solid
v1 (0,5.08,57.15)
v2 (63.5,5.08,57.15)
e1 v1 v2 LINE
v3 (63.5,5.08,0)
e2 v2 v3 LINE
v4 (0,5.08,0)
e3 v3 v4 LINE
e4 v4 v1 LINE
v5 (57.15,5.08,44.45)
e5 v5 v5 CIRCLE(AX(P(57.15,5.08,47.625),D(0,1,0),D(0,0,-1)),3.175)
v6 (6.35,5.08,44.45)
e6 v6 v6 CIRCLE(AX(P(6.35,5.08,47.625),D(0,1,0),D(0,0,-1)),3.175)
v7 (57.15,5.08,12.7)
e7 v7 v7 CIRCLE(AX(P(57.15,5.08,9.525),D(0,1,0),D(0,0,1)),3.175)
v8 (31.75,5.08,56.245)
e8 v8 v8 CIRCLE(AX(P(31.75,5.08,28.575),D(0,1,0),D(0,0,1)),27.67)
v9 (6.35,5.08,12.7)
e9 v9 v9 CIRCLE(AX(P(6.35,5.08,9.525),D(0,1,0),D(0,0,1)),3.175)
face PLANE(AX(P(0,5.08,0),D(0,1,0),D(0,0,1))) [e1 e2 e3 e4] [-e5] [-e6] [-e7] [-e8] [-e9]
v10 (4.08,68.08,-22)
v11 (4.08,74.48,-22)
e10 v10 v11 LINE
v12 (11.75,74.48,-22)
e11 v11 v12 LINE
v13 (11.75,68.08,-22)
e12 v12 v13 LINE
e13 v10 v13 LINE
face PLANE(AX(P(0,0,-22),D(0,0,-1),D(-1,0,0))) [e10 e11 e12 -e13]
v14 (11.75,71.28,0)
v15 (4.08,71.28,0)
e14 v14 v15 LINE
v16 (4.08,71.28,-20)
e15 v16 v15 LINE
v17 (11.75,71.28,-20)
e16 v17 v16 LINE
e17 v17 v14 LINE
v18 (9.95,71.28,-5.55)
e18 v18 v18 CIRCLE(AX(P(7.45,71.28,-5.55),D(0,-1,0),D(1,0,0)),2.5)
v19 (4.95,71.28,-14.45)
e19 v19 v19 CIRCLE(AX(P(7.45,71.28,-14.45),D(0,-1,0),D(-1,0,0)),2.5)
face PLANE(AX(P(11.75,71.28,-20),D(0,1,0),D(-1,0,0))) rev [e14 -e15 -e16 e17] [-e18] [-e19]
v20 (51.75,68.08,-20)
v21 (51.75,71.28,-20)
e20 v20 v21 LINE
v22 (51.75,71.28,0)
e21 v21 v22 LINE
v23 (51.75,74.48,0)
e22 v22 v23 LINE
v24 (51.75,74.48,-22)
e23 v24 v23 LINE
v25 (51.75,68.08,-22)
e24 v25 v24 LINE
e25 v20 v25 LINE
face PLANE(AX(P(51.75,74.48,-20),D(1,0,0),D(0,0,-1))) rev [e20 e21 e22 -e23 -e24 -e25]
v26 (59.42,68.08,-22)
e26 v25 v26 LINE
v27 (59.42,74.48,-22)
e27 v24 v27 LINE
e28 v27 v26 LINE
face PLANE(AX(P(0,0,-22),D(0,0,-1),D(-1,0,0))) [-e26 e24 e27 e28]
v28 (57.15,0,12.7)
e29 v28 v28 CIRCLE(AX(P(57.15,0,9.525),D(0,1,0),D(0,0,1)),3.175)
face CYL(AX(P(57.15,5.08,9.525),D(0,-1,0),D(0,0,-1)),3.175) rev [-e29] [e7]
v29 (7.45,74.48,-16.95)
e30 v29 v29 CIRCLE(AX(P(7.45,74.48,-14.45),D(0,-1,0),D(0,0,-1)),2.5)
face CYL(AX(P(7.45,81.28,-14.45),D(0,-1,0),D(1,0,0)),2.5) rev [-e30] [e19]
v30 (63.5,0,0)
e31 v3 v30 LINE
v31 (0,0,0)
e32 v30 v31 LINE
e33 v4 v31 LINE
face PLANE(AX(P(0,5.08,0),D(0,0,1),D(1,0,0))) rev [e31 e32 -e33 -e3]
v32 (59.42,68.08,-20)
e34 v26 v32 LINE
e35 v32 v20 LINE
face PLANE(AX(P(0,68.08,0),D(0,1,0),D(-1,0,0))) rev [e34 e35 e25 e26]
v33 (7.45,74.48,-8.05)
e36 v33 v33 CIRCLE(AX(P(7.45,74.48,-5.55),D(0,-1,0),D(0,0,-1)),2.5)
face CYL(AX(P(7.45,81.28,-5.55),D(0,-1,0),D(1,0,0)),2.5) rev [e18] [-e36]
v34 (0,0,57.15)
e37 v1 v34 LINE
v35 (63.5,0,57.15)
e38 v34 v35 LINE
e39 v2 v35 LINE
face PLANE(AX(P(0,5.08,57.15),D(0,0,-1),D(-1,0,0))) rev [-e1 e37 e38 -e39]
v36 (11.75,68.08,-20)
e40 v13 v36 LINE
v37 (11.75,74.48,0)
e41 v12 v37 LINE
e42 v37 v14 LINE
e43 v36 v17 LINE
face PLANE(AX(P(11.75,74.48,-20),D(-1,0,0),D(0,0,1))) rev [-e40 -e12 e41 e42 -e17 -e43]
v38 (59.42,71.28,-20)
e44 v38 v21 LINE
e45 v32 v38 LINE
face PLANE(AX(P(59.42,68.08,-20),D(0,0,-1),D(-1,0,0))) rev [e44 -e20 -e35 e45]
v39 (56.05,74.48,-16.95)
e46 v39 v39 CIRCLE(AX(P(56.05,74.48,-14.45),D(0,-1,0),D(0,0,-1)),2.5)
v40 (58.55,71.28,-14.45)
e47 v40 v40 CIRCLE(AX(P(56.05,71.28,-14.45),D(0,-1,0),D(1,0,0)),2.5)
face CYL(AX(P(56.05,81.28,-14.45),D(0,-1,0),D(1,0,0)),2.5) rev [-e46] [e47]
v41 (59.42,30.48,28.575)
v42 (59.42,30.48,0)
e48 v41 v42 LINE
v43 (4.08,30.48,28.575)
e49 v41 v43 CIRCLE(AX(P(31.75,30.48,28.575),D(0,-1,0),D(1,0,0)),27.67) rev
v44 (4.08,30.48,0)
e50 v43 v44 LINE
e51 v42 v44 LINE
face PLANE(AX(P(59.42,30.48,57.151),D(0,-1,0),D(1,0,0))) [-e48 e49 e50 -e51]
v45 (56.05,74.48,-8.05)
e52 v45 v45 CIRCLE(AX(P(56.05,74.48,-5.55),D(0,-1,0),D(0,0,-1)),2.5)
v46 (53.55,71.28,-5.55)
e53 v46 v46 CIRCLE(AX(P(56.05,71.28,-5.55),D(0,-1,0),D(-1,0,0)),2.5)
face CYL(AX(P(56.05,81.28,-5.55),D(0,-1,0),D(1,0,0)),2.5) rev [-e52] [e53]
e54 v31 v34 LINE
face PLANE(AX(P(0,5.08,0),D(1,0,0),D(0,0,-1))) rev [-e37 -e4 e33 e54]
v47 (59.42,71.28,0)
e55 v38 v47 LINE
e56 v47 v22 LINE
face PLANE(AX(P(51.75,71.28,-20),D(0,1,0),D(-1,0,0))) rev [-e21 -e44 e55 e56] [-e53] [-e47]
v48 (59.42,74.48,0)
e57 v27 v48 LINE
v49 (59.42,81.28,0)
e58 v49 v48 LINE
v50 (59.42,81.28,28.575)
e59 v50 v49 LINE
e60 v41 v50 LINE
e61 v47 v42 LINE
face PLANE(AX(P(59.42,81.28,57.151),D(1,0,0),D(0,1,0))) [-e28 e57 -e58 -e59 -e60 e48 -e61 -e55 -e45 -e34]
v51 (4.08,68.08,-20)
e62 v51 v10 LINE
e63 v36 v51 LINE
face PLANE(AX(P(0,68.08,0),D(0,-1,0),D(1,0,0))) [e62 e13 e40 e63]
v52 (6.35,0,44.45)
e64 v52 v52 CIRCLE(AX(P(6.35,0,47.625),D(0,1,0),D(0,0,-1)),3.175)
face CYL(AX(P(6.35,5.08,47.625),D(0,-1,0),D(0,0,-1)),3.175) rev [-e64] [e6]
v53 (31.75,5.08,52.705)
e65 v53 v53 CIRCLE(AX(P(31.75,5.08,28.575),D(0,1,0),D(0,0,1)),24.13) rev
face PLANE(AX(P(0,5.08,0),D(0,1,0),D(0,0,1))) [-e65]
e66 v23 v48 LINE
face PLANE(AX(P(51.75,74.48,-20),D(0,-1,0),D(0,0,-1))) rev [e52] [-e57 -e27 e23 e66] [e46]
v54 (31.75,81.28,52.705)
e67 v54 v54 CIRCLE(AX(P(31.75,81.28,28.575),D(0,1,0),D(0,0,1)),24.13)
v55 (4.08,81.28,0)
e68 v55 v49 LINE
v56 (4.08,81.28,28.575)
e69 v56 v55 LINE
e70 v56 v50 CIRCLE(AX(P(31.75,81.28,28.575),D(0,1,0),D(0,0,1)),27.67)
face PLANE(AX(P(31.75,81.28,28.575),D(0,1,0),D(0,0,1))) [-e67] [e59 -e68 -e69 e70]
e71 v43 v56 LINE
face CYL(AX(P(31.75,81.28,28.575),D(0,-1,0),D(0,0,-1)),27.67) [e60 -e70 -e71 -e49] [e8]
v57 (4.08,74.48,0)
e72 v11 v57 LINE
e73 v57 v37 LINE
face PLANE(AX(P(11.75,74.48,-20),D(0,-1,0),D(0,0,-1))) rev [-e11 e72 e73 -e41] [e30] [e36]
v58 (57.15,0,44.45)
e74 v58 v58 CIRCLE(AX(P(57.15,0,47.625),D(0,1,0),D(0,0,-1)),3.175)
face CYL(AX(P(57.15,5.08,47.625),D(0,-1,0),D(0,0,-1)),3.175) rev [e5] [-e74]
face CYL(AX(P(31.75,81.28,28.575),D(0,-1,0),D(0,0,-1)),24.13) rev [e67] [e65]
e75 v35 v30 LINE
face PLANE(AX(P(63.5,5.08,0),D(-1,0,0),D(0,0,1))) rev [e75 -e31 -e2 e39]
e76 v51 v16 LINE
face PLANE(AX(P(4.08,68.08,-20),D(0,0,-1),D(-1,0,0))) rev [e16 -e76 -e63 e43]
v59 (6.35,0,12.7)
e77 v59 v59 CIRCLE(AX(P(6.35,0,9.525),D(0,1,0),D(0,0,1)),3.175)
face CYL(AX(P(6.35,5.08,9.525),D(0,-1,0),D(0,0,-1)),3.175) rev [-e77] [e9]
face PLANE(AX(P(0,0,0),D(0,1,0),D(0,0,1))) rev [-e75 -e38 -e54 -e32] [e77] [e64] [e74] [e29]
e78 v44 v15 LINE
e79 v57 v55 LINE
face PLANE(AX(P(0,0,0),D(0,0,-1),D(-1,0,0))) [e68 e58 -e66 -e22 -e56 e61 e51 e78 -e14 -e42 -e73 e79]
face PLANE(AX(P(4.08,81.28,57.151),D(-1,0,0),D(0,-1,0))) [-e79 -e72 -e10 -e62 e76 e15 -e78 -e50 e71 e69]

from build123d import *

# Parameters (mm, degrees)
SKETCH1_W           = 63.5
SKETCH1_H           = 57.15
SKETCH1_R           = 3.175
BOSS_EXTRUDE1_DEPTH = 5.08
SKETCH2_R           = 27.67
SKETCH2_R_2         = 24.13
BOSS_EXTRUDE2_DEPTH = 76.2
BOSS_EXTRUDE3_REACH = 59.15
SKETCH4_W           = 55.34
SKETCH4_H           = 50.8
SKETCH5_W           = 7.67
SKETCH5_H           = 3.2
BOSS_EXTRUDE4_DEPTH = 20
SKETCH6_R           = 2.5
CUT_EXTRUDE1_DEPTH  = 11
SKETCH7_W           = 7.67
SKETCH7_H           = 3.2
BOSS_EXTRUDE5_DEPTH = 2
SKETCH8_W           = 7.67
SKETCH8_H           = 2
BOSS_EXTRUDE6_DEPTH = 3.2


with BuildPart() as part:
    # Sketch1 → Boss-Extrude1 (new body)
    with BuildSketch(Plane(origin=(0, 0, 0), x_dir=(1, 0, 0), z_dir=(0, 1, 0))):
        with Locations((31.75, -28.575)):
            Rectangle(SKETCH1_W, SKETCH1_H)
        with Locations((6.35, -9.525)):
            Circle(SKETCH1_R, mode=Mode.SUBTRACT)
        with Locations((57.15, -9.525)):
            Circle(SKETCH1_R, mode=Mode.SUBTRACT)
        with Locations((57.15, -47.625)):
            Circle(SKETCH1_R, mode=Mode.SUBTRACT)
        with Locations((6.35, -47.625)):
            Circle(SKETCH1_R, mode=Mode.SUBTRACT)
    extrude(amount=BOSS_EXTRUDE1_DEPTH)

    # Sketch2 → Boss-Extrude2 (add)
    with BuildSketch(Plane(origin=(0, 5.08, 0), x_dir=(1, 0, 0), z_dir=(0, 1, 0))):
        with Locations((31.75, -28.575)):
            Circle(SKETCH2_R)
        with Locations((31.75, -28.575)):
            Circle(SKETCH2_R_2, mode=Mode.SUBTRACT)
    extrude(amount=BOSS_EXTRUDE2_DEPTH)

    # Sketch4 → Boss-Extrude3 (add, up to next)
    with BuildSketch(Plane(origin=(0, 0, 0), x_dir=(-1, 0, 0), z_dir=(0, 0, -1)), mode=Mode.PRIVATE) as boss_extrude3_sk1:
        with Locations((-31.75, 55.88)):
            Rectangle(SKETCH4_W, SKETCH4_H)
    boss_extrude3_tool1 = extrude(boss_extrude3_sk1.sketch, amount=-BOSS_EXTRUDE3_REACH, mode=Mode.PRIVATE) - part.part
    add(boss_extrude3_tool1.solids().sort_by_distance((31.75, 55.88, 0))[0])

    # Sketch5 → Boss-Extrude4 (add)
    with BuildSketch(Plane(origin=(0, 0, 0), x_dir=(-1, 0, 0), z_dir=(0, 0, -1))):
        with Locations((-7.915, 72.88)):
            Rectangle(SKETCH5_W, SKETCH5_H)
        with Locations((-55.585, 72.88)):
            Rectangle(SKETCH5_W, SKETCH5_H)
    extrude(amount=BOSS_EXTRUDE4_DEPTH)

    # Sketch6 → Cut-Extrude1 (cut, through all)
    with BuildSketch(Plane.XZ.offset(-71.28)):
        with Locations((7.45, -5.55)):
            Circle(SKETCH6_R)
        with Locations((56.05, -5.55)):
            Circle(SKETCH6_R)
        with Locations((56.05, -14.45)):
            Circle(SKETCH6_R)
        with Locations((7.45, -14.45)):
            Circle(SKETCH6_R)
    extrude(amount=-CUT_EXTRUDE1_DEPTH, mode=Mode.SUBTRACT)

    # Sketch7 → Boss-Extrude5 (add)
    with BuildSketch(Plane(origin=(0, 0, -20), x_dir=(-1, 0, 0), z_dir=(0, 0, -1))):
        with Locations((-55.585, 72.88)):
            Rectangle(SKETCH7_W, SKETCH7_H)
        with Locations((-7.915, 72.88)):
            Rectangle(SKETCH7_W, SKETCH7_H)
    extrude(amount=BOSS_EXTRUDE5_DEPTH)

    # Sketch8 → Boss-Extrude6 (add)
    with BuildSketch(Plane.XZ.offset(-71.28)):
        with Locations((7.915, -21)):
            Rectangle(SKETCH8_W, SKETCH8_H)
        with Locations((55.585, -21)):
            Rectangle(SKETCH8_W, SKETCH8_H)
    extrude(amount=BOSS_EXTRUDE6_DEPTH)


solid = part.part
